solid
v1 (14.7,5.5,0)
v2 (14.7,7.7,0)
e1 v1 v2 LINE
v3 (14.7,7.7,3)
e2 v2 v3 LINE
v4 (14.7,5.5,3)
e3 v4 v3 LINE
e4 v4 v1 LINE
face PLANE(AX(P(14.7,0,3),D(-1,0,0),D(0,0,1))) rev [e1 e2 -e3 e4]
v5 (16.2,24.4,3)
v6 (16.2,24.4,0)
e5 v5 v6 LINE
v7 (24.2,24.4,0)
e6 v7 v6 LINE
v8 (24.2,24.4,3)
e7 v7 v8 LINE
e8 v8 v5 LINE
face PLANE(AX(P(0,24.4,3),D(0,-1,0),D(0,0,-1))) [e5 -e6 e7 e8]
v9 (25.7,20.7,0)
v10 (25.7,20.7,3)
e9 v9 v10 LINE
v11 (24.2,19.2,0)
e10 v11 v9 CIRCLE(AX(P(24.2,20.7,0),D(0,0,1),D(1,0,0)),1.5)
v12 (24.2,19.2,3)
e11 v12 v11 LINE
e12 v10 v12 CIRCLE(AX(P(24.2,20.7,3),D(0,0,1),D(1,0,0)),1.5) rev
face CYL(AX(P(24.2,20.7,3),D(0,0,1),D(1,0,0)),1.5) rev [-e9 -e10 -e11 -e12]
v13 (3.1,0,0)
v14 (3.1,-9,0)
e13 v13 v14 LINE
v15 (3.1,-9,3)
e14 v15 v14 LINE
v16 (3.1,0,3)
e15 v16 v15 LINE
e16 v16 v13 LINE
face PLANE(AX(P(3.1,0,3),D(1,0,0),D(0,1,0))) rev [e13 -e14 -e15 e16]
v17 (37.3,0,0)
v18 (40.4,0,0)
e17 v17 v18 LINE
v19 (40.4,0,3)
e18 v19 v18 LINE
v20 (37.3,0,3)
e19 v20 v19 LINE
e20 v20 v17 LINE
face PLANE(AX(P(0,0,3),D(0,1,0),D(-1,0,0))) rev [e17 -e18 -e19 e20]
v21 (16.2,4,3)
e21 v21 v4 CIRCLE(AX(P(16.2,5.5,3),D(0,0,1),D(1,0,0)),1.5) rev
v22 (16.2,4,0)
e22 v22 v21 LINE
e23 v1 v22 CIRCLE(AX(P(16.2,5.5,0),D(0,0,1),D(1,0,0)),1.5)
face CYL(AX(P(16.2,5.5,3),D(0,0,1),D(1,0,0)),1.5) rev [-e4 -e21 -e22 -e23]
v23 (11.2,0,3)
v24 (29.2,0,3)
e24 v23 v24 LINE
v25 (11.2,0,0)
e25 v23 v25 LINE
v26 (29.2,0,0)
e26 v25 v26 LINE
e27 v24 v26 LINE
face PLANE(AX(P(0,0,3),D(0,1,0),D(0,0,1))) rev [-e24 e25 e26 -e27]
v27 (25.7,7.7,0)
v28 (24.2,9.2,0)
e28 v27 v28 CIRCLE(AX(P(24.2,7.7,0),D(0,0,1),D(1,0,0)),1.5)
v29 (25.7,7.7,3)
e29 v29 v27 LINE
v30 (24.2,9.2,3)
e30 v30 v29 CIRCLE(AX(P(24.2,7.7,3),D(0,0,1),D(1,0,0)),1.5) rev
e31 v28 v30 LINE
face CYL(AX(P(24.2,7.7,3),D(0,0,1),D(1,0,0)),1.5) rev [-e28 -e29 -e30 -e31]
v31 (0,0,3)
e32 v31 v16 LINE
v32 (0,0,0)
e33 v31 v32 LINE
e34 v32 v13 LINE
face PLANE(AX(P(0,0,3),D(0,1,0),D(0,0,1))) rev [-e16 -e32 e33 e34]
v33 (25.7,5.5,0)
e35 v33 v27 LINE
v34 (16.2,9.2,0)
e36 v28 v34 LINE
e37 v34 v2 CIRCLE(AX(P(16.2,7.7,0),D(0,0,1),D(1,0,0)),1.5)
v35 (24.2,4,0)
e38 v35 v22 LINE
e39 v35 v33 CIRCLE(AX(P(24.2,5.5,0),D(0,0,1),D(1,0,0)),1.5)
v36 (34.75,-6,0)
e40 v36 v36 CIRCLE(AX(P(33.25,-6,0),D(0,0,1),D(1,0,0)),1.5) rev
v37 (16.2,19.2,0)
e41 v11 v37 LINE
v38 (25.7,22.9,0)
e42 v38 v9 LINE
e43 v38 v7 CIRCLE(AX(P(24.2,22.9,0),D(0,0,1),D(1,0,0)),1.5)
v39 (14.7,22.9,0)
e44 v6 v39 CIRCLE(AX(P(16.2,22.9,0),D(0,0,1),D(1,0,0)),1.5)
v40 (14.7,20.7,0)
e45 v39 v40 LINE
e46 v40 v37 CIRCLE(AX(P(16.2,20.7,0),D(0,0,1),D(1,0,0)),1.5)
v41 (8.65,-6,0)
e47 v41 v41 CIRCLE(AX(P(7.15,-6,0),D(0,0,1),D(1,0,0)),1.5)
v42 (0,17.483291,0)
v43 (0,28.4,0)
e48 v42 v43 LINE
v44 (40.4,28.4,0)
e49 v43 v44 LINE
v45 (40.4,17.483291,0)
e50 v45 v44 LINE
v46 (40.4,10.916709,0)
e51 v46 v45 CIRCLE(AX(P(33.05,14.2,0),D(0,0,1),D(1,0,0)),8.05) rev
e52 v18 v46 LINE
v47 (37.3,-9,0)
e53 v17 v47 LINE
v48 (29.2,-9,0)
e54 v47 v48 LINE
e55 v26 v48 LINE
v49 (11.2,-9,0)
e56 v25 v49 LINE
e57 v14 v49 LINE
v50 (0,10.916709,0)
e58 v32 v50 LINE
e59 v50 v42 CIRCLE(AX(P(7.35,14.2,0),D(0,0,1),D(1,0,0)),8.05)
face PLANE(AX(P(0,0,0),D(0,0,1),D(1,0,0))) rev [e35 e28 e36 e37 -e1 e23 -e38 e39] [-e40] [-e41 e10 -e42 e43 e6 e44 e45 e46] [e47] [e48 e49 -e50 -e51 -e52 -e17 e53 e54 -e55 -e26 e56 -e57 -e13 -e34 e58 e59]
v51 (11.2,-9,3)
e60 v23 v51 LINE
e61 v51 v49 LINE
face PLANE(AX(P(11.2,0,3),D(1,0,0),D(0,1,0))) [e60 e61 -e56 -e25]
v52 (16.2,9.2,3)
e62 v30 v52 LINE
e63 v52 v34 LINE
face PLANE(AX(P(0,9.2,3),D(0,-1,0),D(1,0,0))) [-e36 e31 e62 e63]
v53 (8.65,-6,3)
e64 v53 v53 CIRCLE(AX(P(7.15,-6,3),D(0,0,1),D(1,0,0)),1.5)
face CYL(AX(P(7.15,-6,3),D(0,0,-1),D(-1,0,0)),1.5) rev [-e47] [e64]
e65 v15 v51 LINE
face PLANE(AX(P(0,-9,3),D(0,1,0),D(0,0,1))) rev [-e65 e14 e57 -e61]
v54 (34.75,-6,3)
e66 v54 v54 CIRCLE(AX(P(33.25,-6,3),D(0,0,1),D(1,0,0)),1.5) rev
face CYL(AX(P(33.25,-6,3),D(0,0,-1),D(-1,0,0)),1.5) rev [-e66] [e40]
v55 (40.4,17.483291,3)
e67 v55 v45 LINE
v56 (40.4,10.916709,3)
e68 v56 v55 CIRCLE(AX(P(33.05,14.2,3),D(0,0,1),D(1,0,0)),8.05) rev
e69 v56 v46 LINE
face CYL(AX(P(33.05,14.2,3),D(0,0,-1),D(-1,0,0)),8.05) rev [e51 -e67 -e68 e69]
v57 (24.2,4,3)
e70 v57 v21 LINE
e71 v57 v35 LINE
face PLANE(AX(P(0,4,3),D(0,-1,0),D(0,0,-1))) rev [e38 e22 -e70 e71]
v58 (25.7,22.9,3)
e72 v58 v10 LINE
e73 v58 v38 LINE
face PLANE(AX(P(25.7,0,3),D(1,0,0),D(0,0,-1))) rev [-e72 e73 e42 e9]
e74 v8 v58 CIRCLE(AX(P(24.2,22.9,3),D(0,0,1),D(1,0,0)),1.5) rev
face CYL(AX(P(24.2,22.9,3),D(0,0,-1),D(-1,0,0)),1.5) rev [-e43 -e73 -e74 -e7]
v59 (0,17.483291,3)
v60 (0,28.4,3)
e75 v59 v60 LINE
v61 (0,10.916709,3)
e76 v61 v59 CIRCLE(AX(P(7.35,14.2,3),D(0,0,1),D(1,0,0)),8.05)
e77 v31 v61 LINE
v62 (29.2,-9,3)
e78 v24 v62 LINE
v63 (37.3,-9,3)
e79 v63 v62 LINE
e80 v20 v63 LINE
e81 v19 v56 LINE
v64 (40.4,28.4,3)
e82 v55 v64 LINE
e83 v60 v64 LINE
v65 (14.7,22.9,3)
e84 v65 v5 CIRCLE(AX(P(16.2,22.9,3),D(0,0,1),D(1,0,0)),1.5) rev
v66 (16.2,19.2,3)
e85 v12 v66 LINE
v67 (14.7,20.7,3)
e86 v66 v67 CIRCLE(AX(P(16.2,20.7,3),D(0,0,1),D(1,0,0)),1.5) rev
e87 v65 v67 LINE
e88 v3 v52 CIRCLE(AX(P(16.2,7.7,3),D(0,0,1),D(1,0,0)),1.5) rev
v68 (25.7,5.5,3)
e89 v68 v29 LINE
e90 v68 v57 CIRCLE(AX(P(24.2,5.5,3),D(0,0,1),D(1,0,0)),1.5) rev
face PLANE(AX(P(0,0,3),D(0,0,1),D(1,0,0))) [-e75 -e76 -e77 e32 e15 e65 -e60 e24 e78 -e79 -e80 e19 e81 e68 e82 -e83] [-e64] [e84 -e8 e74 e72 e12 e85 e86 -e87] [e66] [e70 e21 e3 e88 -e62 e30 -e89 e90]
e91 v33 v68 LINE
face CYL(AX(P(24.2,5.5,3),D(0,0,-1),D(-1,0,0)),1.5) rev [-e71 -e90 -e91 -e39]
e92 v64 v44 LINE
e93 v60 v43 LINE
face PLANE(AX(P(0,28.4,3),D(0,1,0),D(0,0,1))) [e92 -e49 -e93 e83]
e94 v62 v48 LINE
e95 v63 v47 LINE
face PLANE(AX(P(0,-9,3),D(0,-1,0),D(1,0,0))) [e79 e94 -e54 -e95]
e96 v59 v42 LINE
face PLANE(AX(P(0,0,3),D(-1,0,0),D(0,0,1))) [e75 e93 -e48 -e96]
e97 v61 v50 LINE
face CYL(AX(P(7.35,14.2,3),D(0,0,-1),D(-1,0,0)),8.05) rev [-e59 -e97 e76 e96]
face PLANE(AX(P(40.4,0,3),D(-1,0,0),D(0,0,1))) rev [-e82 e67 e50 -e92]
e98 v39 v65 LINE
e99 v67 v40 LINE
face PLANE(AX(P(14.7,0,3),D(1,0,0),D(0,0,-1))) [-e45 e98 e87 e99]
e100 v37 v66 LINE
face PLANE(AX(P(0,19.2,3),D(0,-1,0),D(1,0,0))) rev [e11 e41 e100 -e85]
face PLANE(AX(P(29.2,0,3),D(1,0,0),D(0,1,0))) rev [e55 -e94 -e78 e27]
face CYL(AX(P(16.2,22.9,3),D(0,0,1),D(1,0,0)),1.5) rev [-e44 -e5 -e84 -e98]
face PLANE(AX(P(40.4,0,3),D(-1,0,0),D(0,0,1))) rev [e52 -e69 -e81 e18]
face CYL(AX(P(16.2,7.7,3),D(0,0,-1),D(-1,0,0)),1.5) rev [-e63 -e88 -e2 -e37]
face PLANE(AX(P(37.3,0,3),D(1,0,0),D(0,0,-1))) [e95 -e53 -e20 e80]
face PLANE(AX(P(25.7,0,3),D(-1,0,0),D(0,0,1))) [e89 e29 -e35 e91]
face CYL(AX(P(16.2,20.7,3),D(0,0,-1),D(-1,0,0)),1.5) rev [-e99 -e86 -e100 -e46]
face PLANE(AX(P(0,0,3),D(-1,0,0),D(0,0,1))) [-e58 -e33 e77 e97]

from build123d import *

# Parameters (mm, degrees)
ESBO_O1_R                = 1.5
ESBO_O1_W                = 11
ESBO_O1_H                = 5.2
RESSALTO_EXTRUS_O1_DEPTH = 3
FILETE1_R                = 1.5
FILETE2_R                = 1.5


with BuildPart() as part:
    # Esboço1 → Ressalto-extrusão1 (new body)
    with BuildSketch(Plane.XY):
        with BuildLine():
            Line((0, 10.916708968), (0, 0))
            Line((0, 0), (3.1, 0))
            Line((3.1, 0), (3.1, -9))
            Line((3.1, -9), (11.2, -9))
            Line((11.2, -9), (11.2, 0))
            Line((11.2, 0), (29.2, 0))
            Line((29.2, 0), (29.2, -9))
            Line((29.2, -9), (37.3, -9))
            Line((37.3, -9), (37.3, 0))
            Line((37.3, 0), (40.4, 0))
            Line((40.4, 0), (40.4, 10.916708968))
            ThreePointArc((40.4, 10.916708968), (25, 14.2), (40.4, 17.483291032))
            Line((40.4, 17.483291032), (40.4, 28.4))
            Line((40.4, 28.4), (0, 28.4))
            Line((0, 28.4), (0, 17.483291032))
            ThreePointArc((0, 17.483291032), (9.028541033, 22.073055315), (15.4, 14.2))
            ThreePointArc((15.4, 14.2), (9.028541033, 6.326944685), (0, 10.916708968))
        make_face()
        with Locations((7.15, -6)):
            Circle(ESBO_O1_R, mode=Mode.SUBTRACT)
        with Locations((20.2, 6.6)):
            Rectangle(ESBO_O1_W, ESBO_O1_H, mode=Mode.SUBTRACT)
        with Locations((33.25, -6)):
            Circle(ESBO_O1_R, mode=Mode.SUBTRACT)
        with Locations((20.2, 21.8)):
            Rectangle(ESBO_O1_W, ESBO_O1_H, mode=Mode.SUBTRACT)
    extrude(amount=RESSALTO_EXTRUS_O1_DEPTH)

    # Filete1
    filete1_edges = [part.edges().sort_by_distance(p)[0] for p in [
        (14.7, 24.4, 1.5),
        (14.7, 19.2, 1.5),
        (25.7, 19.2, 1.5),
        (25.7, 24.4, 1.5),
    ]]
    fillet(filete1_edges, radius=FILETE1_R)

    # Filete2
    filete2_edges = [part.edges().sort_by_distance(p)[0] for p in [
        (25.7, 9.2, 1.5),
        (14.7, 9.2, 1.5),
        (14.7, 4, 1.5),
        (25.7, 4, 1.5),
    ]]
    fillet(filete2_edges, radius=FILETE2_R)


solid = part.part
